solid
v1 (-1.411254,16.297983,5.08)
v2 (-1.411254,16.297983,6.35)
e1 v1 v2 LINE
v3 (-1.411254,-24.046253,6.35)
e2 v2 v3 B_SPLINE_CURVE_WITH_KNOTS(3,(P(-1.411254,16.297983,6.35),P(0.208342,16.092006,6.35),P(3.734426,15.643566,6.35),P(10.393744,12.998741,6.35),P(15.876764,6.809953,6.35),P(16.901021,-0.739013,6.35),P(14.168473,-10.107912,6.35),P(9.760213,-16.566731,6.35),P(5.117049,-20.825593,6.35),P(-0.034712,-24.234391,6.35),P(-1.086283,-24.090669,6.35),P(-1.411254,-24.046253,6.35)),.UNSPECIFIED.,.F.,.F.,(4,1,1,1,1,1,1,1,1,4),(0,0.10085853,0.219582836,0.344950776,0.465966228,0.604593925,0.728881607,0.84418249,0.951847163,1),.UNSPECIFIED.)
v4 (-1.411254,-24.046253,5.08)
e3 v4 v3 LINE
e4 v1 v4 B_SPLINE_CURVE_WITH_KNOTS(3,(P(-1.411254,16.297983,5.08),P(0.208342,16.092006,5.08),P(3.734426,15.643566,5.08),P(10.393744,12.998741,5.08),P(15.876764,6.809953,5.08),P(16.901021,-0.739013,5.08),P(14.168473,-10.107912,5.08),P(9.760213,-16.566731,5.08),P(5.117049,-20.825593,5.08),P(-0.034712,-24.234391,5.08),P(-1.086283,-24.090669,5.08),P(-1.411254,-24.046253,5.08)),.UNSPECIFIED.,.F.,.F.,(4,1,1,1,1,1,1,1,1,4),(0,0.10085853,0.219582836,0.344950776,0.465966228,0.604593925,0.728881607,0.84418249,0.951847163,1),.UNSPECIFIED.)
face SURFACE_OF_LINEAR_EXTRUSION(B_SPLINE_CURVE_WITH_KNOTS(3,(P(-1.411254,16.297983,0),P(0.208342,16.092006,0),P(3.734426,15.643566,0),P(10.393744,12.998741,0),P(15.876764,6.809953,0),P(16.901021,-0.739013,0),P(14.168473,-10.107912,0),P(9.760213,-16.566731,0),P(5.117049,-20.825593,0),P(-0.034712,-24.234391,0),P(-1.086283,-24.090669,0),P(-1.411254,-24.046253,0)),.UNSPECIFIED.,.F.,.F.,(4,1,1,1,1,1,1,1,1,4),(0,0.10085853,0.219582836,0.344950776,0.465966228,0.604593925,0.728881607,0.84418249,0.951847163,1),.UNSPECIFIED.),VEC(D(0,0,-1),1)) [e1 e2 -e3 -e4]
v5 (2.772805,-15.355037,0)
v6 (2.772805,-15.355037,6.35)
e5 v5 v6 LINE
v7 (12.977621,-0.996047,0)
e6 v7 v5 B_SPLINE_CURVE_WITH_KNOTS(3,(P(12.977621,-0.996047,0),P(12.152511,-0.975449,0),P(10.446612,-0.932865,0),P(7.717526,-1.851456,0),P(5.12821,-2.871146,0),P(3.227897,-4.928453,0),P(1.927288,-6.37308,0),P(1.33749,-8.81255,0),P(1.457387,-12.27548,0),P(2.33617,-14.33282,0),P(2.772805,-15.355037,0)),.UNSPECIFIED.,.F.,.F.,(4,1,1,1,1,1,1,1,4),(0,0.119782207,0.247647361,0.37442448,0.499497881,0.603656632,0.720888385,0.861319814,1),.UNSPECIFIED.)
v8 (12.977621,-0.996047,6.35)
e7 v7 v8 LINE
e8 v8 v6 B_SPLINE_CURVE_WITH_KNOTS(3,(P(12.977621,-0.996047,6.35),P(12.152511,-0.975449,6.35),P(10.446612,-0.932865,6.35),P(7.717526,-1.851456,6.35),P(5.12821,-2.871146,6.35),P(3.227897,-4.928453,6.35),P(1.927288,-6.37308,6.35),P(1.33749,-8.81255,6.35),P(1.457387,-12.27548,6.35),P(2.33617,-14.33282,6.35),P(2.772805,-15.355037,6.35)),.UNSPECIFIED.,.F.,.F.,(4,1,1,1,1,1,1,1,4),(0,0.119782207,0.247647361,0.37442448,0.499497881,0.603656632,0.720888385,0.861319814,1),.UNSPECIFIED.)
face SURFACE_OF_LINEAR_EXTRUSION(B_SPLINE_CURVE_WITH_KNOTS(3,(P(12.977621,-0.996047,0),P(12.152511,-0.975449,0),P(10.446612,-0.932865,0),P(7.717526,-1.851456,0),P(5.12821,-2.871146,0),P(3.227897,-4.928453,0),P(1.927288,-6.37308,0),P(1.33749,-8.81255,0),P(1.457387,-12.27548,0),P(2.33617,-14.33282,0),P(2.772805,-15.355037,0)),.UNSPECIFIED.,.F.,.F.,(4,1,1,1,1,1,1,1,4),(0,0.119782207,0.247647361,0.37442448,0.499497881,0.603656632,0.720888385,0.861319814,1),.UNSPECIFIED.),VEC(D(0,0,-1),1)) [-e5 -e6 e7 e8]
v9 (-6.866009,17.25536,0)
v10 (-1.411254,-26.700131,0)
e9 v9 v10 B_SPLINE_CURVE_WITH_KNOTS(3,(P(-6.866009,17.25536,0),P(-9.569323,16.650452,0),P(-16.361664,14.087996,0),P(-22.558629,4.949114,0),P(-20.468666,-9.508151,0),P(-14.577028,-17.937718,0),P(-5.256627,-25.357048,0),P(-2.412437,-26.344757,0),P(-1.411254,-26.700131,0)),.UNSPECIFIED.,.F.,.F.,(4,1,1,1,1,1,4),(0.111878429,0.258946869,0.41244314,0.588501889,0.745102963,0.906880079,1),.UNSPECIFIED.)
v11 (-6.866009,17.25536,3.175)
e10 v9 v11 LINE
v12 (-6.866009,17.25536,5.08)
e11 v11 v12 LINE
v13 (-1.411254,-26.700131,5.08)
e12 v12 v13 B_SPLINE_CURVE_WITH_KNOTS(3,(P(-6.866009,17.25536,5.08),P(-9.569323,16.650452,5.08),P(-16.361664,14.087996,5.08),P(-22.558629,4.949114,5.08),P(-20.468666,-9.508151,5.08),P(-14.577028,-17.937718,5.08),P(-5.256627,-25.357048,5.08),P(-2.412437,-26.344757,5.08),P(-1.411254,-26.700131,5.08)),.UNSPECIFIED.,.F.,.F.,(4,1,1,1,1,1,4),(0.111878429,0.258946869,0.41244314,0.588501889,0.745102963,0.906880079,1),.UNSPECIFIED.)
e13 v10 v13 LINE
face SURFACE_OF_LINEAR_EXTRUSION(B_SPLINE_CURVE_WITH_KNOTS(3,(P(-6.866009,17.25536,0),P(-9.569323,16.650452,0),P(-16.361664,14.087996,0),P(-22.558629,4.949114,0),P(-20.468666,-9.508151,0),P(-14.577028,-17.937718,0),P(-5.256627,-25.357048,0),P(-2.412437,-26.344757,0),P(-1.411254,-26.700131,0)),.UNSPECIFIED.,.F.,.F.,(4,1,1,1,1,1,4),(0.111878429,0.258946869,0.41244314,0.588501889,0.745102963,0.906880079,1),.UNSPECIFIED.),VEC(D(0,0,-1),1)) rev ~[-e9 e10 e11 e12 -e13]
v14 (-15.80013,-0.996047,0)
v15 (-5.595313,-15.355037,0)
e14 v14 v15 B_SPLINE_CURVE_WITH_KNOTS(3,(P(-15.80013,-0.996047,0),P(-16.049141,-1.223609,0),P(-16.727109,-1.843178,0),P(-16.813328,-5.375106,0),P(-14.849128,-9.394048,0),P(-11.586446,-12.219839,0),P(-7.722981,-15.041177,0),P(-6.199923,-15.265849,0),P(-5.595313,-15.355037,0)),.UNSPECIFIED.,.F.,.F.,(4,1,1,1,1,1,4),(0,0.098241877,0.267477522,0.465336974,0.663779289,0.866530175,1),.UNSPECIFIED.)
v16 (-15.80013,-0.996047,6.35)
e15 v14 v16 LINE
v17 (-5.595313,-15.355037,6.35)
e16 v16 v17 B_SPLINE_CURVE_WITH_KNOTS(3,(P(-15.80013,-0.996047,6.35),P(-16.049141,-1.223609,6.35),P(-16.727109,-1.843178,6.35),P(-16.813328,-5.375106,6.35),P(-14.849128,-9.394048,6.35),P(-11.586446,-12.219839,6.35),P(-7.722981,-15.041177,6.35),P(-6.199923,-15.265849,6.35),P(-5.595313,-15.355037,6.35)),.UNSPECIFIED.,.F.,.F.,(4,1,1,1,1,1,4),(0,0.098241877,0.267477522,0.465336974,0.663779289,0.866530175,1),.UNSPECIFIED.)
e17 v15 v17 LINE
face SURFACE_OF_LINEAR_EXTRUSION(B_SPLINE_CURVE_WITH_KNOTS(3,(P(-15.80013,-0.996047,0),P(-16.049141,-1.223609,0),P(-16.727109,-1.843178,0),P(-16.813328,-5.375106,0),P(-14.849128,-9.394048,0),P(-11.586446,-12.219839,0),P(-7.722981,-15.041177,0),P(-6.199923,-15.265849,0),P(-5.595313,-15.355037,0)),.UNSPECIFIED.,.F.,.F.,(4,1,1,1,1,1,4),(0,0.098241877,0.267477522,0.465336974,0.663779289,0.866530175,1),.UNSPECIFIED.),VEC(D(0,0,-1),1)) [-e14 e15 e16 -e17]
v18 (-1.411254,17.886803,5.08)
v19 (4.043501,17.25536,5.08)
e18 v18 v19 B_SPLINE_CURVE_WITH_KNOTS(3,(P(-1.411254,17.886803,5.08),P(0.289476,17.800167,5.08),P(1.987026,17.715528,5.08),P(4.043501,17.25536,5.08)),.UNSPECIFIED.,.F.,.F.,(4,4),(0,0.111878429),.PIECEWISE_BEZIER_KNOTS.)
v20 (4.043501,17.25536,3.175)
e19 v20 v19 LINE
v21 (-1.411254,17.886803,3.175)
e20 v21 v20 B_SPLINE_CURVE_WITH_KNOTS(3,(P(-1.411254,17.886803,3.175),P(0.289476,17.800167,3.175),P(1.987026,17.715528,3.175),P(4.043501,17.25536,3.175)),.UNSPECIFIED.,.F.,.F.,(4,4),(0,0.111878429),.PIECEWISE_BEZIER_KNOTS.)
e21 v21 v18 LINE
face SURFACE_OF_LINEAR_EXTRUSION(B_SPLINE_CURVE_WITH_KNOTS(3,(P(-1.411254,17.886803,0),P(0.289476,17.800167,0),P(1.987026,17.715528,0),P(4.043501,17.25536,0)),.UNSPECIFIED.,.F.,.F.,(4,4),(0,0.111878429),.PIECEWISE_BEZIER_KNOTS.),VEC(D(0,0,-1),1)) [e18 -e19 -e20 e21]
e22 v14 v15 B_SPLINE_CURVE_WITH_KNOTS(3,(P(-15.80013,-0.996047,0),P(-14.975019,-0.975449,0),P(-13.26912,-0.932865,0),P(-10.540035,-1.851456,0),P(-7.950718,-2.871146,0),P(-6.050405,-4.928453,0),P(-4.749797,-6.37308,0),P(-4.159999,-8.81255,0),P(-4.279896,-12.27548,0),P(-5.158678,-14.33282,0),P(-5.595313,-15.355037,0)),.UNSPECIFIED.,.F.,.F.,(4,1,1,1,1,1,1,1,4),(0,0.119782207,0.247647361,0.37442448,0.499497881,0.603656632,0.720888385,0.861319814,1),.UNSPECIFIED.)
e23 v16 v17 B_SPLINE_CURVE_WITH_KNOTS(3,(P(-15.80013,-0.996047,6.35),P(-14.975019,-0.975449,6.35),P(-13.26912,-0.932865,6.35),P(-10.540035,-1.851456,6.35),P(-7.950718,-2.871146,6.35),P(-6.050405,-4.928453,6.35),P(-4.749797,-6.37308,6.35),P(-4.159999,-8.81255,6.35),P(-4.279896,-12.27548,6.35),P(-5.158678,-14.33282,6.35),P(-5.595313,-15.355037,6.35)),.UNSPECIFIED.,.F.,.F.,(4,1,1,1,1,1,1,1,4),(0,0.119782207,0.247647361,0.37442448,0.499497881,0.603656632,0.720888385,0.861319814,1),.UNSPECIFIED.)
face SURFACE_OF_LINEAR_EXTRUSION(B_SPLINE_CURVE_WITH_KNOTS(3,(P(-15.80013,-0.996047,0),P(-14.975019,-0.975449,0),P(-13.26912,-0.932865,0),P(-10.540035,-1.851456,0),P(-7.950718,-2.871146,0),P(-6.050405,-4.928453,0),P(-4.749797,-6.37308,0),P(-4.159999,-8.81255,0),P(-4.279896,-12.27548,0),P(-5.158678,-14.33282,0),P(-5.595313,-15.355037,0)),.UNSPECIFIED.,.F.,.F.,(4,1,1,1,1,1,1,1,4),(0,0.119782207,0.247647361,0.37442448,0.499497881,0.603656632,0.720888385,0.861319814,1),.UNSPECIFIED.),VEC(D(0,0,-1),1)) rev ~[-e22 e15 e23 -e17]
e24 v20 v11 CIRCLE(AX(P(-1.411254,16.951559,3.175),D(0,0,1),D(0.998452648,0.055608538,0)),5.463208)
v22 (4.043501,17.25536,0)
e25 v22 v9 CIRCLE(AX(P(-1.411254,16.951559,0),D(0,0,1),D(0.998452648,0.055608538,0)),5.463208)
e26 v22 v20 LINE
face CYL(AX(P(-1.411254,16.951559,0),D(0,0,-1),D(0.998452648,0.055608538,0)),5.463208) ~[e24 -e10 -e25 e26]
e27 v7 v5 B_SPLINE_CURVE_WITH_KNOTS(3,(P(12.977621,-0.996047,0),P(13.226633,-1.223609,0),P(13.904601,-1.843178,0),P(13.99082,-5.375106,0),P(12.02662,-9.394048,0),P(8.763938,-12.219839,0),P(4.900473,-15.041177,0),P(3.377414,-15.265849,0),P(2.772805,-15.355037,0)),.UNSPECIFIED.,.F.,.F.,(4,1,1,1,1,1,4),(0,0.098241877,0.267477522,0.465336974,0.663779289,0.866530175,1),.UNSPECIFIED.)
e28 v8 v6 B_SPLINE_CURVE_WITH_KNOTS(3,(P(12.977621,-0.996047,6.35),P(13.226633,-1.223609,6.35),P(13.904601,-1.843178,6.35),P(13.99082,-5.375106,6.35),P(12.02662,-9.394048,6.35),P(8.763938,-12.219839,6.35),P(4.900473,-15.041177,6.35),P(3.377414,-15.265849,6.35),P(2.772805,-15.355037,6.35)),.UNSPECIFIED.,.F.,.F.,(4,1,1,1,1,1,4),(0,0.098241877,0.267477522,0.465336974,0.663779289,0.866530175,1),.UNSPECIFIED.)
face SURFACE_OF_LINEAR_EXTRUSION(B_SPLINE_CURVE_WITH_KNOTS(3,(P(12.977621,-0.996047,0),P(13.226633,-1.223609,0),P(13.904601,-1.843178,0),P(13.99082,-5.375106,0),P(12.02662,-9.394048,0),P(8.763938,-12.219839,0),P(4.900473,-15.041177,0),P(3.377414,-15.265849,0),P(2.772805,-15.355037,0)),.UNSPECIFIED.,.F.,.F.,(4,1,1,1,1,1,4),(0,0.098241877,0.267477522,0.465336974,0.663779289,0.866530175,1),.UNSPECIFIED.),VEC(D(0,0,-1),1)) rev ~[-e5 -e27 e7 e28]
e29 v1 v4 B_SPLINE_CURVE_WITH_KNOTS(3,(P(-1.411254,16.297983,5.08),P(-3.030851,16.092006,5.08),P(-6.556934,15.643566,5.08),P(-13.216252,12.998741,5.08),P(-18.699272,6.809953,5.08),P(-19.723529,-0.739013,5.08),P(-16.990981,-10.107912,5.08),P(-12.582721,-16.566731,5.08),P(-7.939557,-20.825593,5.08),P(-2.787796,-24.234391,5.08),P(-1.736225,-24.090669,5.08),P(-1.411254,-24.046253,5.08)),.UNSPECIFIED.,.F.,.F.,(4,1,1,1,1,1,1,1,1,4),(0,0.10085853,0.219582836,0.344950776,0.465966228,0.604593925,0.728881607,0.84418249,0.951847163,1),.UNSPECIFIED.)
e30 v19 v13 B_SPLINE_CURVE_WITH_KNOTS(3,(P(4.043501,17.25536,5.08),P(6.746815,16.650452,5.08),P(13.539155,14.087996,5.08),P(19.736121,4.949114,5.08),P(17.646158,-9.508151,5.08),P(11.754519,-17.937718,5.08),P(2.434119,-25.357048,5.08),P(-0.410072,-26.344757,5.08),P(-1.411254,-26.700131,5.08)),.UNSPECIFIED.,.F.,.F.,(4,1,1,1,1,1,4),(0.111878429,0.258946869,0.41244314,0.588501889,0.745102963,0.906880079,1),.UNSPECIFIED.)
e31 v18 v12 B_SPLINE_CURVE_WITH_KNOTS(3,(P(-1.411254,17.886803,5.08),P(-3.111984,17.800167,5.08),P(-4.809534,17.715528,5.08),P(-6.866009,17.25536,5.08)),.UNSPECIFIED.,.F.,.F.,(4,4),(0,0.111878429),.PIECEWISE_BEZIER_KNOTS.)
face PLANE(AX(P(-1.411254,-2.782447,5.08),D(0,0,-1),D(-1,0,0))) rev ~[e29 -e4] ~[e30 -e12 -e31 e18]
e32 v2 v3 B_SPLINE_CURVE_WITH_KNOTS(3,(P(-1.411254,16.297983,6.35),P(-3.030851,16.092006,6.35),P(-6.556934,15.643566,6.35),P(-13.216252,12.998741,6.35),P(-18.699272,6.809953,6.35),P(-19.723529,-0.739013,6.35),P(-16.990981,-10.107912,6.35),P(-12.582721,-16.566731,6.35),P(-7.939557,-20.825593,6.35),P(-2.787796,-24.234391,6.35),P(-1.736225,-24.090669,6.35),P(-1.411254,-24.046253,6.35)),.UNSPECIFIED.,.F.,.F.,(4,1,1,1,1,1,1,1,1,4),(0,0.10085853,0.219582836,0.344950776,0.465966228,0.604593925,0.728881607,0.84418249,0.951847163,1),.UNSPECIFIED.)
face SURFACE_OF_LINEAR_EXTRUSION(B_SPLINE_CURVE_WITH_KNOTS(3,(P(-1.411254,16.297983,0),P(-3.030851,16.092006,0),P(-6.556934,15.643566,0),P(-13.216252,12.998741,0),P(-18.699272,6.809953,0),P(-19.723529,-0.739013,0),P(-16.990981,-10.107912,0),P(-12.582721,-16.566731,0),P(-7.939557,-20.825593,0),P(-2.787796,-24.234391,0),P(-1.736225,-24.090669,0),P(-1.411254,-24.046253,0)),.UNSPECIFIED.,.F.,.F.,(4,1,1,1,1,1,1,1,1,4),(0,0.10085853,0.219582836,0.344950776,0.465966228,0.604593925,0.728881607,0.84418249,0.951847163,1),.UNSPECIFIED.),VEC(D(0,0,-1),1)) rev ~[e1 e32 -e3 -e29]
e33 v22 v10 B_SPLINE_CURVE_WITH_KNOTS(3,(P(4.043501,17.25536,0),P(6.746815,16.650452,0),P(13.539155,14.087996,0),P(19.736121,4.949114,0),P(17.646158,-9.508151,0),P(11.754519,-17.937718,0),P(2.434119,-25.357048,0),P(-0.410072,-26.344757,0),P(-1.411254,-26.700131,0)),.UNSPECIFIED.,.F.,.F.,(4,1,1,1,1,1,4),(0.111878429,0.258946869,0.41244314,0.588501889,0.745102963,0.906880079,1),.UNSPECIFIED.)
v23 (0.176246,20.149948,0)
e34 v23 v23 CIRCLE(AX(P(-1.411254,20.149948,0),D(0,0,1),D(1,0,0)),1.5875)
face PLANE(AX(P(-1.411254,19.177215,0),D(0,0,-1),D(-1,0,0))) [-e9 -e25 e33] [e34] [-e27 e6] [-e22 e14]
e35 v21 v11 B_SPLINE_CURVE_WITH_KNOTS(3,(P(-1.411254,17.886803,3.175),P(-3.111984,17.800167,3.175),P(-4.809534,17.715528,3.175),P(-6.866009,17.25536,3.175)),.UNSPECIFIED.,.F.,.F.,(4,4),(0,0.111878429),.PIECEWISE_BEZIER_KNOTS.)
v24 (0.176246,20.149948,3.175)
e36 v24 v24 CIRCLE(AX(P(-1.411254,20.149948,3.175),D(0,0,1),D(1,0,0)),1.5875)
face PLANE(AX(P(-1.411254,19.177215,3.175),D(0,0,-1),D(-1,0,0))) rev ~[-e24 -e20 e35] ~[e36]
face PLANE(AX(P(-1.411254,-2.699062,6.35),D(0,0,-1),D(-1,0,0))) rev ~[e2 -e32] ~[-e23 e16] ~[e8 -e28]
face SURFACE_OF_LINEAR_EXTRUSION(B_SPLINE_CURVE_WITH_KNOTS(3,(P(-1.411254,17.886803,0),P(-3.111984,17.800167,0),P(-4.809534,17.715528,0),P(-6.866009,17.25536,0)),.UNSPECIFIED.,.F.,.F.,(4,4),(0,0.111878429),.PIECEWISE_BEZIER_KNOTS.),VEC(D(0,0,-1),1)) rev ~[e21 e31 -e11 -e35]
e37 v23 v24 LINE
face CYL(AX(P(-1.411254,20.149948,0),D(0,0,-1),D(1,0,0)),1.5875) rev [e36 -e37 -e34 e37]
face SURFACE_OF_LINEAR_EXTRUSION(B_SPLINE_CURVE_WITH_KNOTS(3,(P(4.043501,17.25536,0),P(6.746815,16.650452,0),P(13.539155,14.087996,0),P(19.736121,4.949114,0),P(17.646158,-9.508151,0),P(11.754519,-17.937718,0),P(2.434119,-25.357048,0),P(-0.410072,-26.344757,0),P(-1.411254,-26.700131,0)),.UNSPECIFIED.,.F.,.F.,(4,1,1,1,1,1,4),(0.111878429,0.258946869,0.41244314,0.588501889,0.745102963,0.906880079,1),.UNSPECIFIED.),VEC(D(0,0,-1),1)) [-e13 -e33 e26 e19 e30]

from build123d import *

# Parameters (mm, degrees)
F1_DEPTH = 6.35
F2_DEPTH = 5.08
F0_R     = 1.5875
F3_DEPTH = 3.175


with BuildPart() as f1:
    # F0 (on Top) → F1 (new body)
    with BuildSketch(Plane.XY):
        with BuildLine():
            add(Edge.make_bspline(
                [(-1.4112541221, 16.2979830056), (0.2083424352, 16.0920060725), (3.7344260135, 15.6435660717), (10.3937440091, 12.9987411213), (15.8767636121, 6.809953331), (16.9010208319, -0.7390129398), (14.1684728151, -10.1079118181), (9.7602130959, -16.5667305177), (5.1170487603, -20.8255933605), (-0.0347118095, -24.2343912546), (-1.0862832675, -24.0906685498), (-1.4112541221, -24.046253413)],
                knots=[0, 0, 0, 0, 0.1008585296, 0.2195828357, 0.3449507761, 0.4659662279, 0.6045939254, 0.7288816073, 0.8441824902, 0.9518471627, 1, 1, 1, 1], degree=3))
            add(Edge.make_bspline(
                [(-1.4112541221, 16.2979830056), (-3.0308506794, 16.0920060725), (-6.5569342578, 15.6435660717), (-13.2162522534, 12.9987411213), (-18.6992718563, 6.809953331), (-19.7235290761, -0.7390129398), (-16.9909810594, -10.1079118181), (-12.5827213401, -16.5667305177), (-7.9395570045, -20.8255933605), (-2.7877964348, -24.2343912546), (-1.7362249768, -24.0906685498), (-1.4112541221, -24.046253413)],
                knots=[0, 0, 0, 0, 0.1008585296, 0.2195828357, 0.3449507761, 0.4659662279, 0.6045939254, 0.7288816073, 0.8441824902, 0.9518471627, 1, 1, 1, 1], degree=3))
        make_face()
        with BuildLine():
            add(Edge.make_bspline(
                [(-15.8001296222, -0.996046816), (-16.049140794, -1.2236086843), (-16.7271092255, -1.8431783277), (-16.8133281385, -5.3751060277), (-14.8491283954, -9.3940475308), (-11.5864460743, -12.219839107), (-7.7229811363, -15.0411769787), (-6.1999227272, -15.2658485335), (-5.5953129195, -15.355036594)],
                knots=[0, 0, 0, 0, 0.0982418768, 0.2674775216, 0.4653369743, 0.6637792895, 0.8665301752, 1, 1, 1, 1], degree=3))
            add(Edge.make_bspline(
                [(-15.8001296222, -0.996046816), (-14.9750193381, -0.9754494022), (-13.2691200267, -0.9328646535), (-10.5400347103, -1.8514557492), (-7.9507181497, -2.8711457619), (-6.0504051615, -4.9284532505), (-4.7497965253, -6.3730802582), (-4.1599986905, -8.8125502393), (-4.2798956636, -12.2754795554), (-5.1586784304, -14.332820405), (-5.5953129195, -15.355036594)],
                knots=[0, 0, 0, 0, 0.1197822072, 0.2476473614, 0.3744244804, 0.499497881, 0.603656632, 0.7208883853, 0.8613198143, 1, 1, 1, 1], degree=3))
        make_face(mode=Mode.SUBTRACT)
        with BuildLine():
            add(Edge.make_bspline(
                [(12.977621378, -0.996046816), (12.1525110938, -0.9754494022), (10.4466117825, -0.9328646535), (7.717526466, -1.8514557492), (5.1282099054, -2.8711457619), (3.2278969172, -4.9284532505), (1.927288281, -6.3730802582), (1.3374904462, -8.8125502393), (1.4573874194, -12.2754795554), (2.3361701861, -14.332820405), (2.7728046752, -15.355036594)],
                knots=[0, 0, 0, 0, 0.1197822072, 0.2476473614, 0.3744244804, 0.499497881, 0.603656632, 0.7208883853, 0.8613198143, 1, 1, 1, 1], degree=3))
            add(Edge.make_bspline(
                [(12.977621378, -0.996046816), (13.2266325498, -1.2236086843), (13.9046009813, -1.8431783277), (13.9908198943, -5.3751060277), (12.0266201511, -9.3940475308), (8.7639378301, -12.219839107), (4.9004728921, -15.0411769787), (3.3774144829, -15.2658485335), (2.7728046752, -15.355036594)],
                knots=[0, 0, 0, 0, 0.0982418768, 0.2674775216, 0.4653369743, 0.6637792895, 0.8665301752, 1, 1, 1, 1], degree=3))
        make_face(mode=Mode.SUBTRACT)
    extrude(amount=F1_DEPTH)

    # F0 (on Top) → F2 (join)
    with BuildSketch(Plane.XY):
        with BuildLine():
            add(Edge.make_bspline(
                [(-1.4112541221, 17.8868025541), (0.2894761052, 17.8001667692), (1.9870259072, 17.7155284418), (4.0435007304, 17.2553602606)],
                knots=[0, 0, 0, 0, 0.1118784285, 0.1118784285, 0.1118784285, 0.1118784285], degree=3))
            add(Edge.make_bspline(
                [(-1.4112541221, 17.8868025541), (-3.1119843495, 17.8001667692), (-4.8095341515, 17.7155284418), (-6.8660089746, 17.2553602606)],
                knots=[0, 0, 0, 0, 0.1118784285, 0.1118784285, 0.1118784285, 0.1118784285], degree=3))
            add(Edge.make_bspline(
                [(-6.8660089746, 17.2553602606), (-9.5693231743, 16.6504517227), (-16.3616635993, 14.0879956485), (-22.5586290298, 4.9491136437), (-20.4686657879, -9.5081509637), (-14.5770277394, -17.9377178907), (-5.2566268203, -25.3570476989), (-2.4124365336, -26.3447570611), (-1.4112541221, -26.7001313573)],
                knots=[0.1118784285, 0.1118784285, 0.1118784285, 0.1118784285, 0.2589468686, 0.4124431398, 0.5885018887, 0.7451029629, 0.9068800786, 1, 1, 1, 1], degree=3))
            add(Edge.make_bspline(
                [(4.0435007304, 17.2553602606), (6.7468149301, 16.6504517227), (13.539155355, 14.0879956485), (19.7361207856, 4.9491136437), (17.6461575437, -9.5081509637), (11.7545194951, -17.9377178907), (2.4341185761, -25.3570476989), (-0.4100717106, -26.3447570611), (-1.4112541221, -26.7001313573)],
                knots=[0.1118784285, 0.1118784285, 0.1118784285, 0.1118784285, 0.2589468686, 0.4124431398, 0.5885018887, 0.7451029629, 0.9068800786, 1, 1, 1, 1], degree=3))
        make_face()
        with BuildLine():
            add(Edge.make_bspline(
                [(-1.4112541221, 16.2979830056), (-3.0308506794, 16.0920060725), (-6.5569342578, 15.6435660717), (-13.2162522534, 12.9987411213), (-18.6992718563, 6.809953331), (-19.7235290761, -0.7390129398), (-16.9909810594, -10.1079118181), (-12.5827213401, -16.5667305177), (-7.9395570045, -20.8255933605), (-2.7877964348, -24.2343912546), (-1.7362249768, -24.0906685498), (-1.4112541221, -24.046253413)],
                knots=[0, 0, 0, 0, 0.1008585296, 0.2195828357, 0.3449507761, 0.4659662279, 0.6045939254, 0.7288816073, 0.8441824902, 0.9518471627, 1, 1, 1, 1], degree=3))
            add(Edge.make_bspline(
                [(-1.4112541221, 16.2979830056), (0.2083424352, 16.0920060725), (3.7344260135, 15.6435660717), (10.3937440091, 12.9987411213), (15.8767636121, 6.809953331), (16.9010208319, -0.7390129398), (14.1684728151, -10.1079118181), (9.7602130959, -16.5667305177), (5.1170487603, -20.8255933605), (-0.0347118095, -24.2343912546), (-1.0862832675, -24.0906685498), (-1.4112541221, -24.046253413)],
                knots=[0, 0, 0, 0, 0.1008585296, 0.2195828357, 0.3449507761, 0.4659662279, 0.6045939254, 0.7288816073, 0.8441824902, 0.9518471627, 1, 1, 1, 1], degree=3))
        make_face(mode=Mode.SUBTRACT)
    extrude(amount=F2_DEPTH)

    # F0 (on Top) → F3 (join)
    with BuildSketch(Plane.XY):
        with BuildLine():
            add(Edge.make_bspline(
                [(-1.4112541221, 17.8868025541), (-3.1119843495, 17.8001667692), (-4.8095341515, 17.7155284418), (-6.8660089746, 17.2553602606)],
                knots=[0, 0, 0, 0, 0.1118784285, 0.1118784285, 0.1118784285, 0.1118784285], degree=3))
            add(Edge.make_bspline(
                [(-1.4112541221, 17.8868025541), (0.2894761052, 17.8001667692), (1.9870259072, 17.7155284418), (4.0435007304, 17.2553602606)],
                knots=[0, 0, 0, 0, 0.1118784285, 0.1118784285, 0.1118784285, 0.1118784285], degree=3))
            ThreePointArc((4.0435007304, 17.2553602606), (-1.4112541221, 22.4147675889), (-6.8660089746, 17.2553602606))
        make_face()
        with Locations((-1.4112541221, 20.1499480754)):
            Circle(F0_R, mode=Mode.SUBTRACT)
    extrude(amount=F3_DEPTH)


solid = f1.part
